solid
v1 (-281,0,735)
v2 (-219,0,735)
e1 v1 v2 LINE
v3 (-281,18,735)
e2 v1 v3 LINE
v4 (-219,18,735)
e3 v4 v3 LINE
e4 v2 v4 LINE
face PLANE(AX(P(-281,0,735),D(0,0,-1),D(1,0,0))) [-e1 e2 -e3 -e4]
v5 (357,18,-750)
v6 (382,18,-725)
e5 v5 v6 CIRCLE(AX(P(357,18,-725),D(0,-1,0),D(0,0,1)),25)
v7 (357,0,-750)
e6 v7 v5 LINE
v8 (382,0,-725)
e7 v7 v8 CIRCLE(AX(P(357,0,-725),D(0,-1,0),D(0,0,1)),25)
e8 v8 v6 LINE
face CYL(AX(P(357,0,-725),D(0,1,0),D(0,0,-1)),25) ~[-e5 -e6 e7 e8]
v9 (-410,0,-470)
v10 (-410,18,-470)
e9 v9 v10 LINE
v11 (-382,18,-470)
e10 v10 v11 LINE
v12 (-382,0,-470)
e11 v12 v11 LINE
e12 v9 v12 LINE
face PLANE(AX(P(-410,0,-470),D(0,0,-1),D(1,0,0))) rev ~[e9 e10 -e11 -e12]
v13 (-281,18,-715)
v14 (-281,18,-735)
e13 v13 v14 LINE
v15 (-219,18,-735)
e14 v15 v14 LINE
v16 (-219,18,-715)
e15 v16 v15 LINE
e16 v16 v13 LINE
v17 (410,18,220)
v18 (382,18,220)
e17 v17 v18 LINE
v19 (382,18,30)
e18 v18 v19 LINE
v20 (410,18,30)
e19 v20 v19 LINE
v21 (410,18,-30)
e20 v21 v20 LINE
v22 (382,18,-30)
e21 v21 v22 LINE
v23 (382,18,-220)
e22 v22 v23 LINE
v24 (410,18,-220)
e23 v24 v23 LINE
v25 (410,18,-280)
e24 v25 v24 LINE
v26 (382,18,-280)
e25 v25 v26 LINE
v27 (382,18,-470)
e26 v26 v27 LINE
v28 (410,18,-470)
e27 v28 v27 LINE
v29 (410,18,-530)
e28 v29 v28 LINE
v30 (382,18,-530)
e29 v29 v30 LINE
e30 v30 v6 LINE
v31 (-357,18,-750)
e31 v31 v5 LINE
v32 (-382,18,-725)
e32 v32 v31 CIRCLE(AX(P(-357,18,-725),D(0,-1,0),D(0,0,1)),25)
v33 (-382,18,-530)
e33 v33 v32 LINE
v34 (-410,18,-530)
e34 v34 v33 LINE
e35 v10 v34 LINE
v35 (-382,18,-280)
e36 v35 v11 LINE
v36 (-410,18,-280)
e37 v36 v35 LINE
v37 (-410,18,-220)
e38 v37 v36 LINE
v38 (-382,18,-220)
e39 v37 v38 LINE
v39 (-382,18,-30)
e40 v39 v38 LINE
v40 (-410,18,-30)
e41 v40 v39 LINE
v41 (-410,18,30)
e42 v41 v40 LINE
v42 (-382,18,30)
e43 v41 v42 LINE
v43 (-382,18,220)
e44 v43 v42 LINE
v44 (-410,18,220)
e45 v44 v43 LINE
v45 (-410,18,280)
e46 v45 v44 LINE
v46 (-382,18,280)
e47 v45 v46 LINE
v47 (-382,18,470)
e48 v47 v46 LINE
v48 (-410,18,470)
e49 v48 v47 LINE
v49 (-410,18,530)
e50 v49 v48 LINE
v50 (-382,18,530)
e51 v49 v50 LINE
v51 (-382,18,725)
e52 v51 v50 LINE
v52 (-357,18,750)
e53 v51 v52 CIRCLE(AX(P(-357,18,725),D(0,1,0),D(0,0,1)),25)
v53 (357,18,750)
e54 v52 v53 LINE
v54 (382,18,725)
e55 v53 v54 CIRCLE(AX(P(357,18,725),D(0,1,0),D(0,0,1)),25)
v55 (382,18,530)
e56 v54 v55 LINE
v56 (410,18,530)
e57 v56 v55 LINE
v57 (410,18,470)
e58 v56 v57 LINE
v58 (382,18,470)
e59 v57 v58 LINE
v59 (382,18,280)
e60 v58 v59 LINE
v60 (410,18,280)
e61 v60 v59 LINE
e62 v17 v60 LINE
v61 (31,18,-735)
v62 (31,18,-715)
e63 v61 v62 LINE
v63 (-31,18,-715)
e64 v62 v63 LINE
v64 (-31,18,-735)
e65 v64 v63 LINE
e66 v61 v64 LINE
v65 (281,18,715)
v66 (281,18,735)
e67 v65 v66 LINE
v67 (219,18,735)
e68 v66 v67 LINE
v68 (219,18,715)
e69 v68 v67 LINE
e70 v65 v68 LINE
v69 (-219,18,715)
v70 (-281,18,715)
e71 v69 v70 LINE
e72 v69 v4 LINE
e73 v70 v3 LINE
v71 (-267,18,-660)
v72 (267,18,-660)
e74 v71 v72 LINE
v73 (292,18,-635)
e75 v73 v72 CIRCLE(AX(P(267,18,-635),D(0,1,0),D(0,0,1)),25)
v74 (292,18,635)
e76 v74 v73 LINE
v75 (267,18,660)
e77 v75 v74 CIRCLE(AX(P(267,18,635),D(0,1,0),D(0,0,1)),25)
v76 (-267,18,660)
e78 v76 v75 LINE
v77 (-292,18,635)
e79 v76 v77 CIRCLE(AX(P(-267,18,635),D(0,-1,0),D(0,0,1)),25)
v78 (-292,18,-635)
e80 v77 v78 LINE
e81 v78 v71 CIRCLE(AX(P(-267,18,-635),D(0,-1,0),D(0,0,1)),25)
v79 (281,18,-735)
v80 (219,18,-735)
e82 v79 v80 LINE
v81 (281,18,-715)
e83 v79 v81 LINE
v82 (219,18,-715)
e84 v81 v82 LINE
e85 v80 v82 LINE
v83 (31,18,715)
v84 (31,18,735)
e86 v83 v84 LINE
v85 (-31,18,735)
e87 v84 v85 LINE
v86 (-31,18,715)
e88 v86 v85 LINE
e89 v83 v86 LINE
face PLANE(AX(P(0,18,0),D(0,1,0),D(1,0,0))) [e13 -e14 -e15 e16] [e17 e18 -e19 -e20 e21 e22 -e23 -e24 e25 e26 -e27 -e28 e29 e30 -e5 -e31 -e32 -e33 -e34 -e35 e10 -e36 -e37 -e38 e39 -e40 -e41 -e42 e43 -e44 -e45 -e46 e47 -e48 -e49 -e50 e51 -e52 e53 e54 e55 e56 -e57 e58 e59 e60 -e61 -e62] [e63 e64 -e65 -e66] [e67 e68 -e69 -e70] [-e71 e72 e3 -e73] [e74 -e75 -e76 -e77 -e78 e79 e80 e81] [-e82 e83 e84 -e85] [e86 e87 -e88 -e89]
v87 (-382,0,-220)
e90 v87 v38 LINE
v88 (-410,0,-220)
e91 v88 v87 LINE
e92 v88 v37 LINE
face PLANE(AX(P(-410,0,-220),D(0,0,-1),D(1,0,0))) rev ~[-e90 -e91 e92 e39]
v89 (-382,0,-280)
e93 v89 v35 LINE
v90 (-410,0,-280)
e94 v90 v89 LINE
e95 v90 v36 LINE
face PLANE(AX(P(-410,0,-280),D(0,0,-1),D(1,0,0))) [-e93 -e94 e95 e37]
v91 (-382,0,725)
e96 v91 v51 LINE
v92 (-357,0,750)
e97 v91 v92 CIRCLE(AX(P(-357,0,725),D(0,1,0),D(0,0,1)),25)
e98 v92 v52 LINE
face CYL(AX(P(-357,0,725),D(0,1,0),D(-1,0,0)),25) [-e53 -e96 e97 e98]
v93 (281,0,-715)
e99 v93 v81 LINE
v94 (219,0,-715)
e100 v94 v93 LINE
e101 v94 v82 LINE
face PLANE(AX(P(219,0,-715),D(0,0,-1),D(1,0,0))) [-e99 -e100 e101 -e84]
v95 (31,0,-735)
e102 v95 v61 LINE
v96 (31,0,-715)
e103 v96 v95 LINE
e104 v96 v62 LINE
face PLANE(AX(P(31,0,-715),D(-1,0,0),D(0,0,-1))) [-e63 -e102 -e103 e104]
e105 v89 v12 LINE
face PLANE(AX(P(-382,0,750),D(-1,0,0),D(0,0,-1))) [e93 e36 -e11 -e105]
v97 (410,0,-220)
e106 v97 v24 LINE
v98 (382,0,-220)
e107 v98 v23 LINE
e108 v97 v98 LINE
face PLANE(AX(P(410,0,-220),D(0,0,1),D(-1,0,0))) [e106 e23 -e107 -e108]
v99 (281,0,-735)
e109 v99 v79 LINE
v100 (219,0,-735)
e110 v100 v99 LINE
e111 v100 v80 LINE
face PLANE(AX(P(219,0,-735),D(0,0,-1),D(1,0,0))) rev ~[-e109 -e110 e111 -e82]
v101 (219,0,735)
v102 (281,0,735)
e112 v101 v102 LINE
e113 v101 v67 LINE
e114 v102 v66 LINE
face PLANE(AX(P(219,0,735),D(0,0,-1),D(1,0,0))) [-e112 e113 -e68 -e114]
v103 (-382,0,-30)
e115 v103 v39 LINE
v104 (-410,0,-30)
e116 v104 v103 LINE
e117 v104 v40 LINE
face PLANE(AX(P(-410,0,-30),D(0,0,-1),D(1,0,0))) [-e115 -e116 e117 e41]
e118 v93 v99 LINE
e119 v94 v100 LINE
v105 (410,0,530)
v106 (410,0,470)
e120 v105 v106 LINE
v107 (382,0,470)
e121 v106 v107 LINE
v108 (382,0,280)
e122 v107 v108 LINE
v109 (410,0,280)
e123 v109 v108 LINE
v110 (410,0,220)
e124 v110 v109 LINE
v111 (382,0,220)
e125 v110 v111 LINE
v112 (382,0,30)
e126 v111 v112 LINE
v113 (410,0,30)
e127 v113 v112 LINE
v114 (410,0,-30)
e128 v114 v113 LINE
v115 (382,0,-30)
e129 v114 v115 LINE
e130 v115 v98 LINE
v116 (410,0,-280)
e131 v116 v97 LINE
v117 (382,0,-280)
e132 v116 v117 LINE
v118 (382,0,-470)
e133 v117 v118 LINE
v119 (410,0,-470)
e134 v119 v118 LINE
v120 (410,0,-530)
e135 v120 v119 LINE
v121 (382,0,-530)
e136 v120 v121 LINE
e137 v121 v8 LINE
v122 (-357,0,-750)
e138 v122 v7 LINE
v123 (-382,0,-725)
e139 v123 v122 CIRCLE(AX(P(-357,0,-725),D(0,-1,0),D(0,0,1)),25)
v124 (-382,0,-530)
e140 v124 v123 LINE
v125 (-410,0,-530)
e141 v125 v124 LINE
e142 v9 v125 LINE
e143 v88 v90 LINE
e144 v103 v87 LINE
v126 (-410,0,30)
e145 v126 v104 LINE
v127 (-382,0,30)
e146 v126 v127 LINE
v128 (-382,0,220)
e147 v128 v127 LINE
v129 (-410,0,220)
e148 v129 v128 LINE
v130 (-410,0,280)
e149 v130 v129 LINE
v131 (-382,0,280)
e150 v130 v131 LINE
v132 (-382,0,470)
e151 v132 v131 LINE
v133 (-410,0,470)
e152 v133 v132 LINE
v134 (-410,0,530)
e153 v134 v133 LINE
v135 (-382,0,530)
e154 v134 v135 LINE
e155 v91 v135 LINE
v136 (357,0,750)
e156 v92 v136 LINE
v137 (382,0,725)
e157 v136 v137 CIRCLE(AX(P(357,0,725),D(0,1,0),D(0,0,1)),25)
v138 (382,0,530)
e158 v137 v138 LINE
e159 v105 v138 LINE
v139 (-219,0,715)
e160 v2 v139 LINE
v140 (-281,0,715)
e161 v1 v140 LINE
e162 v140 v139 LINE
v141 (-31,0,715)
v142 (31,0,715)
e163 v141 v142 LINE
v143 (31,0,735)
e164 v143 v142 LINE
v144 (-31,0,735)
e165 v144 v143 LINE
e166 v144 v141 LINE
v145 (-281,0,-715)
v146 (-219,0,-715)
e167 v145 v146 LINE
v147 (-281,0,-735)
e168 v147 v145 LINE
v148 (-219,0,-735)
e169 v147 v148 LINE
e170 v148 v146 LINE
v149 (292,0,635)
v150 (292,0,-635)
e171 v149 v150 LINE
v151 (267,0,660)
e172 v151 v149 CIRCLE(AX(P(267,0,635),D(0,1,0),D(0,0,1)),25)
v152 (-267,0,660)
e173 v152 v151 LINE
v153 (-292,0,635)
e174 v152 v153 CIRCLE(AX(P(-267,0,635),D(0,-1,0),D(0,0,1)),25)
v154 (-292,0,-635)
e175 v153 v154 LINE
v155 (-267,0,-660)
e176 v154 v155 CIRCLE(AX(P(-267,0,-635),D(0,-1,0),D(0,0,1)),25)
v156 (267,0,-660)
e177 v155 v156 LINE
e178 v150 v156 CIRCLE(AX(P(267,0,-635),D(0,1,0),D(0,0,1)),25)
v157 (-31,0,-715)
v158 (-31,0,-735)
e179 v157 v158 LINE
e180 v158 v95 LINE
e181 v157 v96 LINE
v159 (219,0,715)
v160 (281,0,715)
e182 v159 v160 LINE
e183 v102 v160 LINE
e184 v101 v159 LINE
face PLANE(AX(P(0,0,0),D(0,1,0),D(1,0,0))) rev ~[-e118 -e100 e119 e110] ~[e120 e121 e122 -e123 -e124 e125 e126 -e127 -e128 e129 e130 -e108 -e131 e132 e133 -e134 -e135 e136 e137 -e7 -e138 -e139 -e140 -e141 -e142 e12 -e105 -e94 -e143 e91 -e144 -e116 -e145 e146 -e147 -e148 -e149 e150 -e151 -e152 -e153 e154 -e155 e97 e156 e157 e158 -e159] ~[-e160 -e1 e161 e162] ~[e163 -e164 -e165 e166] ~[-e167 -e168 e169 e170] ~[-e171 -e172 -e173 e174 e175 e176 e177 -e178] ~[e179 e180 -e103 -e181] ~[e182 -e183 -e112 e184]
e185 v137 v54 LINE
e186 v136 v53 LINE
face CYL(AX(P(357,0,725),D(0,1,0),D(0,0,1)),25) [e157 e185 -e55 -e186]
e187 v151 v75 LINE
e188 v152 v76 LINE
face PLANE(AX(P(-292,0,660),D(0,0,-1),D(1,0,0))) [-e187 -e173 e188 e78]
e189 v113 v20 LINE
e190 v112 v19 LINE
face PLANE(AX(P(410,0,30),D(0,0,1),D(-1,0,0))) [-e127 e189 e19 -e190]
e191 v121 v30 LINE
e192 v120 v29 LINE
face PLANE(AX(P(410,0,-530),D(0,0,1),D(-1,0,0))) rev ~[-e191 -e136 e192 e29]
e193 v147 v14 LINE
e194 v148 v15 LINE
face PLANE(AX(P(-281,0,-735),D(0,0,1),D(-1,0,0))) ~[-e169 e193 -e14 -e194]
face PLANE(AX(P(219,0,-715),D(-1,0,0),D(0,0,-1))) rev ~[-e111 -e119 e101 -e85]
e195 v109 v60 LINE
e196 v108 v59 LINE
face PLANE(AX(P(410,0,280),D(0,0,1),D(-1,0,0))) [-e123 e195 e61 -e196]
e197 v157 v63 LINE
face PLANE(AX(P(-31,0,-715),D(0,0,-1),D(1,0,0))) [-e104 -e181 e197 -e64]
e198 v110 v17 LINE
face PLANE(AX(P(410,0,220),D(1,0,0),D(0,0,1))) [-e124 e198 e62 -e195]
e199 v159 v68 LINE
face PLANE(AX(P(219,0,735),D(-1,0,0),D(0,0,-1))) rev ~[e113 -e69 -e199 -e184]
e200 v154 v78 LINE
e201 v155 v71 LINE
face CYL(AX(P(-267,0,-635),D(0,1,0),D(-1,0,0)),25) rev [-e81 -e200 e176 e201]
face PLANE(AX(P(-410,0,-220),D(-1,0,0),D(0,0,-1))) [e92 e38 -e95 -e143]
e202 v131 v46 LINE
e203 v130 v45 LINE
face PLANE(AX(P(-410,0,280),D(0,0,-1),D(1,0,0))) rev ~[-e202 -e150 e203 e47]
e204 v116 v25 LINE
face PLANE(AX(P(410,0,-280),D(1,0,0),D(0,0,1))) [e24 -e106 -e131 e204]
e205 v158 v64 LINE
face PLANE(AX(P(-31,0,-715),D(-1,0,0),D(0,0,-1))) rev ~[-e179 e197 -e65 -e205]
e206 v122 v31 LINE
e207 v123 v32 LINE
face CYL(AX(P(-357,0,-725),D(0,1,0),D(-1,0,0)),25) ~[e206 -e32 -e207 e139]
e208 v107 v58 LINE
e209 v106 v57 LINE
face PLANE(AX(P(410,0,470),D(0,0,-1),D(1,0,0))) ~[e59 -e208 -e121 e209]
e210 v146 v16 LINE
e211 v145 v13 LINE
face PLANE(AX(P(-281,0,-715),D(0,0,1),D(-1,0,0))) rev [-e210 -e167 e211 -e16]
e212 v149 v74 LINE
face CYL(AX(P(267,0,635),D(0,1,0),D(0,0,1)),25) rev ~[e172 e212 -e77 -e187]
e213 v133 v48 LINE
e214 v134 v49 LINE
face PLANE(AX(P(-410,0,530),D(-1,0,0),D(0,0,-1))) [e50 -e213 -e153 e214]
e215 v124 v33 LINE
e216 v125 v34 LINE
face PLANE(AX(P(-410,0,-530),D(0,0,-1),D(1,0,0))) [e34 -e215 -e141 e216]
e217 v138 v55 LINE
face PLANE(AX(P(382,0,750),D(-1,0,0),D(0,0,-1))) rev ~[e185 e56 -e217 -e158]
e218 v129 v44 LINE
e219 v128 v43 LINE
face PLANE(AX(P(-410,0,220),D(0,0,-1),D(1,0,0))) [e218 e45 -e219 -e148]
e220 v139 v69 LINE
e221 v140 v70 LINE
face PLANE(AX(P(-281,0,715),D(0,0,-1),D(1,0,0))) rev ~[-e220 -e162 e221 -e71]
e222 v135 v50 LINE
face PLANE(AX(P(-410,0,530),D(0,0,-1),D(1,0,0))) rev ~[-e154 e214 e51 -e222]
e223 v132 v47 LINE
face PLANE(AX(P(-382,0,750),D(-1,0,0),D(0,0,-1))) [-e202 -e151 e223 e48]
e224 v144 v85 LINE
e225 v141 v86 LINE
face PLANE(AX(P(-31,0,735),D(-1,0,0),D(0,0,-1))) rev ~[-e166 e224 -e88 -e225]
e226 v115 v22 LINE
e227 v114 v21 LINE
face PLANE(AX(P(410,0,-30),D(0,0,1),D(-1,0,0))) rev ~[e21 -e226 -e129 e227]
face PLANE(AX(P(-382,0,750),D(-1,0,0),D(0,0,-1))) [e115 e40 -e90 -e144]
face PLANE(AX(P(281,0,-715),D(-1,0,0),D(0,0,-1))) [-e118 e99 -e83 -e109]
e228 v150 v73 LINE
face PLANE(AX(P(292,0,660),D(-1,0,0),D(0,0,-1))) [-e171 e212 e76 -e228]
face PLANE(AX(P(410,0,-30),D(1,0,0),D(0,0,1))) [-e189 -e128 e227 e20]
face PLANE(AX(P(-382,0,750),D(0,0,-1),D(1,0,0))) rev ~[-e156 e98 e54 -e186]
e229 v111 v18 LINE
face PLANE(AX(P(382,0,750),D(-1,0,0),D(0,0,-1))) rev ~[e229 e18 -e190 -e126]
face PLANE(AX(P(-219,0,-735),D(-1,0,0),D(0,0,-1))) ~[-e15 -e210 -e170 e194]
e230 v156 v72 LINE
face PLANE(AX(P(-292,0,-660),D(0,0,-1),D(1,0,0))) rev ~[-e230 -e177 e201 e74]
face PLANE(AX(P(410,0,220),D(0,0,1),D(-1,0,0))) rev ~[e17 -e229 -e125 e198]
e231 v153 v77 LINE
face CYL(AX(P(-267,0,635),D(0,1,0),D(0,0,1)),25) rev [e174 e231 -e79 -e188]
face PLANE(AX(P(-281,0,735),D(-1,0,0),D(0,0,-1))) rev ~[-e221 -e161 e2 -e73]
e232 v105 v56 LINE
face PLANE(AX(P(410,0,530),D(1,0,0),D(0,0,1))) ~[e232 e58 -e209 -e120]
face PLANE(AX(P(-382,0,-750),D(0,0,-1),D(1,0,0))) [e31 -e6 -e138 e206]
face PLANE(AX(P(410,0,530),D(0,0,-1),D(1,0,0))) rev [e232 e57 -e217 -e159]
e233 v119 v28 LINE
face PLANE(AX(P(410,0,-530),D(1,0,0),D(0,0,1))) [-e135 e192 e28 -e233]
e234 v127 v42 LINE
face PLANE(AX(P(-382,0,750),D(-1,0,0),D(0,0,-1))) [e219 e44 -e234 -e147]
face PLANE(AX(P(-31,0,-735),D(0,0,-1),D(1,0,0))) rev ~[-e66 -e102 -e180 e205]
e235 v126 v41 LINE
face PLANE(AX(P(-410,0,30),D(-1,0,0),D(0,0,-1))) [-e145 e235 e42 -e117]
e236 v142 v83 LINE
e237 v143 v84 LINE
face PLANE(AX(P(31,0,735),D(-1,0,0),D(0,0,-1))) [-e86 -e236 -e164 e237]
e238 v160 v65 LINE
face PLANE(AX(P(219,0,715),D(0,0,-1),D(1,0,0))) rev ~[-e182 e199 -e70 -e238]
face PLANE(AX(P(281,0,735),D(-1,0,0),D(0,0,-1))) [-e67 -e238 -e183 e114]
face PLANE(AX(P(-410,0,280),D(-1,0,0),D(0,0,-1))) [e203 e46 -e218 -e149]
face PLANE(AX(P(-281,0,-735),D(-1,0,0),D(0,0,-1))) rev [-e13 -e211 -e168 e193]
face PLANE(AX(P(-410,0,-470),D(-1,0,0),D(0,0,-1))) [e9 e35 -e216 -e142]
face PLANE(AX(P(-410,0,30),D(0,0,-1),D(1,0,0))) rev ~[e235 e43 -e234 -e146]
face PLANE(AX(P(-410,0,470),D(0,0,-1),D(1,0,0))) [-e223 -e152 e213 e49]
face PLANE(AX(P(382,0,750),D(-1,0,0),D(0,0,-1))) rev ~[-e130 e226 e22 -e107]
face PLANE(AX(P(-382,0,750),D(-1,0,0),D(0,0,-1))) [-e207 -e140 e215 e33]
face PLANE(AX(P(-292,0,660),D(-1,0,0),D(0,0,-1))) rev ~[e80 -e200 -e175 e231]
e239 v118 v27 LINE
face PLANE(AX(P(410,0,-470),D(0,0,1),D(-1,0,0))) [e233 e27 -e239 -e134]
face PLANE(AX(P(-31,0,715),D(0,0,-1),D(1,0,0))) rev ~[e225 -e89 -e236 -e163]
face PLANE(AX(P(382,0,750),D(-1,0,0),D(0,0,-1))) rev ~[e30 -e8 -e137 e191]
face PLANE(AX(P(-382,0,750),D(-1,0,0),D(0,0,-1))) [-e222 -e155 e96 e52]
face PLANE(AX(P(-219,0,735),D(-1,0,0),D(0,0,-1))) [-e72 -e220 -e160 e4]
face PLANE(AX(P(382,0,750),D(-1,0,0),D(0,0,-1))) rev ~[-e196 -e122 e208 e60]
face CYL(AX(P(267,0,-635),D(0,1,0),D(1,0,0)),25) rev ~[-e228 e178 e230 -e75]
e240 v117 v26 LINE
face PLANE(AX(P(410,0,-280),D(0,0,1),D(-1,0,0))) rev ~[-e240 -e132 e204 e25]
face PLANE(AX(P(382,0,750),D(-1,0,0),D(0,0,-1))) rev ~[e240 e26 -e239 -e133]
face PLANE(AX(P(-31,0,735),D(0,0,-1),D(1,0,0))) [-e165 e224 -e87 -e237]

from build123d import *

# Parameters (mm, degrees)
SKETCH_1_W               = 764
SKETCH_1_H               = 1500
SKETCH_1_W_2             = 584
SKETCH_1_H_2             = 1320
EXTRUDE_1_DEPTH          = 18
SKETCH_1_3_W             = 28
SKETCH_1_3_H             = 60
EXTRUDE_2_DEPTH          = 18
PATTERN_LINEAR_1_COUNT   = 5
PATTERN_LINEAR_1_PITCH   = 250
MIRROR_1_COPY_1_SKETCH_W = 28
MIRROR_1_COPY_1_SKETCH_H = 60
MIRROR_1_COPY_1_DEPTH    = 18
MIRROR_1_COPY_2_SKETCH_W = 28
MIRROR_1_COPY_2_SKETCH_H = 60
MIRROR_1_COPY_2_DEPTH    = 18
MIRROR_1_COPY_3_SKETCH_W = 28
MIRROR_1_COPY_3_SKETCH_H = 60
MIRROR_1_COPY_3_DEPTH    = 18
MIRROR_1_COPY_4_SKETCH_W = 28
MIRROR_1_COPY_4_SKETCH_H = 60
MIRROR_1_COPY_4_DEPTH    = 18
SKETCH_1_4_W             = 62
SKETCH_1_4_H             = 20
CUT_EXTRUDE_1_DEPTH      = 855.940933632
PATTERN_LINEAR_2_COUNT   = 3
PATTERN_LINEAR_2_PITCH   = 250
MIRROR_2_COPY_1_SKETCH_W = 62
MIRROR_2_COPY_1_SKETCH_H = 20
MIRROR_2_COPY_1_DEPTH    = 855.940933632
MIRROR_2_COPY_2_SKETCH_W = 62
MIRROR_2_COPY_2_SKETCH_H = 20
MIRROR_2_COPY_2_DEPTH    = 855.940933632
FILLET_1_R               = 25
FILLET_2_R               = 25


with BuildPart() as part:
    # 草图1 → 凸台-拉伸1 (new body)
    with BuildSketch(Plane(origin=(0, 0, 0), x_dir=(1, 0, 0), z_dir=(0, 1, 0))):
        Rectangle(SKETCH_1_W, SKETCH_1_H)
        Rectangle(SKETCH_1_W_2, SKETCH_1_H_2, mode=Mode.SUBTRACT)
    extrude(amount=EXTRUDE_1_DEPTH)

    # 草图1<3> → 凸台-拉伸2 (add)
    with BuildSketch(Plane(origin=(0, 0, 0), x_dir=(1, 0, 0), z_dir=(0, 1, 0))):
        with Locations((-396, -500)):
            Rectangle(SKETCH_1_3_W, SKETCH_1_3_H)
    extrude_2 = extrude(amount=EXTRUDE_2_DEPTH)

    # 阵列(线性)1: 凸台-拉伸2 ×5
    with Locations(*[(0, 0, -i * PATTERN_LINEAR_1_PITCH) for i in range(1, PATTERN_LINEAR_1_COUNT)]):
        add(extrude_2)

    # 镜向1: 凸台-拉伸2 across plane
    add(extrude_2.mirror(Plane(origin=(0, 0, 0), x_dir=(0, 0, 1), z_dir=(1, 0, 0))))

    # 镜向1 copy 1 sketch → 镜向1 copy 1 (add)
    with BuildSketch(Plane(origin=(0, 0, -250), x_dir=(-1, 0, 0), z_dir=(0, 1, 0))):
        with Locations((-396, 500)):
            Rectangle(MIRROR_1_COPY_1_SKETCH_W, MIRROR_1_COPY_1_SKETCH_H)
    extrude(amount=MIRROR_1_COPY_1_DEPTH)

    # 镜向1 copy 2 sketch → 镜向1 copy 2 (add)
    with BuildSketch(Plane(origin=(0, 0, -500), x_dir=(-1, 0, 0), z_dir=(0, 1, 0))):
        with Locations((-396, 500)):
            Rectangle(MIRROR_1_COPY_2_SKETCH_W, MIRROR_1_COPY_2_SKETCH_H)
    extrude(amount=MIRROR_1_COPY_2_DEPTH)

    # 镜向1 copy 3 sketch → 镜向1 copy 3 (add)
    with BuildSketch(Plane(origin=(0, 0, -750), x_dir=(-1, 0, 0), z_dir=(0, 1, 0))):
        with Locations((-396, 500)):
            Rectangle(MIRROR_1_COPY_3_SKETCH_W, MIRROR_1_COPY_3_SKETCH_H)
    extrude(amount=MIRROR_1_COPY_3_DEPTH)

    # 镜向1 copy 4 sketch → 镜向1 copy 4 (add)
    with BuildSketch(Plane(origin=(0, 0, -1000), x_dir=(-1, 0, 0), z_dir=(0, 1, 0))):
        with Locations((-396, 500)):
            Rectangle(MIRROR_1_COPY_4_SKETCH_W, MIRROR_1_COPY_4_SKETCH_H)
    extrude(amount=MIRROR_1_COPY_4_DEPTH)

    # 草图1<4> → 切除-拉伸1 (cut, through all)
    with BuildSketch(Plane(origin=(0, 0, 0), x_dir=(1, 0, 0), z_dir=(0, 1, 0))):
        with Locations((-250, -725)):
            Rectangle(SKETCH_1_4_W, SKETCH_1_4_H)
    cut_extrude_1 = extrude(amount=CUT_EXTRUDE_1_DEPTH, mode=Mode.SUBTRACT)

    # 阵列(线性)2: 切除-拉伸1 ×3
    with Locations(*[(i * PATTERN_LINEAR_2_PITCH, 0, 0) for i in range(1, PATTERN_LINEAR_2_COUNT)]):
        add(cut_extrude_1, mode=Mode.SUBTRACT)

    # 镜向2: 切除-拉伸1 across plane
    add(cut_extrude_1.mirror(Plane.XY), mode=Mode.SUBTRACT)

    # 镜向2 copy 1 sketch → 镜向2 copy 1 (cut, through all)
    with BuildSketch(Plane(origin=(250, 0, 0), x_dir=(1, 0, 0), z_dir=(0, 1, 0))):
        with Locations((-250, 725)):
            Rectangle(MIRROR_2_COPY_1_SKETCH_W, MIRROR_2_COPY_1_SKETCH_H)
    extrude(amount=MIRROR_2_COPY_1_DEPTH, mode=Mode.SUBTRACT)

    # 镜向2 copy 2 sketch → 镜向2 copy 2 (cut, through all)
    with BuildSketch(Plane(origin=(500, 0, 0), x_dir=(1, 0, 0), z_dir=(0, 1, 0))):
        with Locations((-250, 725)):
            Rectangle(MIRROR_2_COPY_2_SKETCH_W, MIRROR_2_COPY_2_SKETCH_H)
    extrude(amount=MIRROR_2_COPY_2_DEPTH, mode=Mode.SUBTRACT)

    # 圆角1
    fillet_1_edges = [part.edges().sort_by_distance(p)[0] for p in [
        (-382, 9, -750),
        (-382, 9, 750),
        (382, 9, 750),
        (382, 9, -750),
    ]]
    fillet(fillet_1_edges, radius=FILLET_1_R)

    # 圆角2
    fillet_2_edges = [part.edges().sort_by_distance(p)[0] for p in [
        (292, 9, -660),
        (-292, 9, -660),
        (-292, 9, 660),
        (292, 9, 660),
    ]]
    fillet(fillet_2_edges, radius=FILLET_2_R)


solid = part.part
